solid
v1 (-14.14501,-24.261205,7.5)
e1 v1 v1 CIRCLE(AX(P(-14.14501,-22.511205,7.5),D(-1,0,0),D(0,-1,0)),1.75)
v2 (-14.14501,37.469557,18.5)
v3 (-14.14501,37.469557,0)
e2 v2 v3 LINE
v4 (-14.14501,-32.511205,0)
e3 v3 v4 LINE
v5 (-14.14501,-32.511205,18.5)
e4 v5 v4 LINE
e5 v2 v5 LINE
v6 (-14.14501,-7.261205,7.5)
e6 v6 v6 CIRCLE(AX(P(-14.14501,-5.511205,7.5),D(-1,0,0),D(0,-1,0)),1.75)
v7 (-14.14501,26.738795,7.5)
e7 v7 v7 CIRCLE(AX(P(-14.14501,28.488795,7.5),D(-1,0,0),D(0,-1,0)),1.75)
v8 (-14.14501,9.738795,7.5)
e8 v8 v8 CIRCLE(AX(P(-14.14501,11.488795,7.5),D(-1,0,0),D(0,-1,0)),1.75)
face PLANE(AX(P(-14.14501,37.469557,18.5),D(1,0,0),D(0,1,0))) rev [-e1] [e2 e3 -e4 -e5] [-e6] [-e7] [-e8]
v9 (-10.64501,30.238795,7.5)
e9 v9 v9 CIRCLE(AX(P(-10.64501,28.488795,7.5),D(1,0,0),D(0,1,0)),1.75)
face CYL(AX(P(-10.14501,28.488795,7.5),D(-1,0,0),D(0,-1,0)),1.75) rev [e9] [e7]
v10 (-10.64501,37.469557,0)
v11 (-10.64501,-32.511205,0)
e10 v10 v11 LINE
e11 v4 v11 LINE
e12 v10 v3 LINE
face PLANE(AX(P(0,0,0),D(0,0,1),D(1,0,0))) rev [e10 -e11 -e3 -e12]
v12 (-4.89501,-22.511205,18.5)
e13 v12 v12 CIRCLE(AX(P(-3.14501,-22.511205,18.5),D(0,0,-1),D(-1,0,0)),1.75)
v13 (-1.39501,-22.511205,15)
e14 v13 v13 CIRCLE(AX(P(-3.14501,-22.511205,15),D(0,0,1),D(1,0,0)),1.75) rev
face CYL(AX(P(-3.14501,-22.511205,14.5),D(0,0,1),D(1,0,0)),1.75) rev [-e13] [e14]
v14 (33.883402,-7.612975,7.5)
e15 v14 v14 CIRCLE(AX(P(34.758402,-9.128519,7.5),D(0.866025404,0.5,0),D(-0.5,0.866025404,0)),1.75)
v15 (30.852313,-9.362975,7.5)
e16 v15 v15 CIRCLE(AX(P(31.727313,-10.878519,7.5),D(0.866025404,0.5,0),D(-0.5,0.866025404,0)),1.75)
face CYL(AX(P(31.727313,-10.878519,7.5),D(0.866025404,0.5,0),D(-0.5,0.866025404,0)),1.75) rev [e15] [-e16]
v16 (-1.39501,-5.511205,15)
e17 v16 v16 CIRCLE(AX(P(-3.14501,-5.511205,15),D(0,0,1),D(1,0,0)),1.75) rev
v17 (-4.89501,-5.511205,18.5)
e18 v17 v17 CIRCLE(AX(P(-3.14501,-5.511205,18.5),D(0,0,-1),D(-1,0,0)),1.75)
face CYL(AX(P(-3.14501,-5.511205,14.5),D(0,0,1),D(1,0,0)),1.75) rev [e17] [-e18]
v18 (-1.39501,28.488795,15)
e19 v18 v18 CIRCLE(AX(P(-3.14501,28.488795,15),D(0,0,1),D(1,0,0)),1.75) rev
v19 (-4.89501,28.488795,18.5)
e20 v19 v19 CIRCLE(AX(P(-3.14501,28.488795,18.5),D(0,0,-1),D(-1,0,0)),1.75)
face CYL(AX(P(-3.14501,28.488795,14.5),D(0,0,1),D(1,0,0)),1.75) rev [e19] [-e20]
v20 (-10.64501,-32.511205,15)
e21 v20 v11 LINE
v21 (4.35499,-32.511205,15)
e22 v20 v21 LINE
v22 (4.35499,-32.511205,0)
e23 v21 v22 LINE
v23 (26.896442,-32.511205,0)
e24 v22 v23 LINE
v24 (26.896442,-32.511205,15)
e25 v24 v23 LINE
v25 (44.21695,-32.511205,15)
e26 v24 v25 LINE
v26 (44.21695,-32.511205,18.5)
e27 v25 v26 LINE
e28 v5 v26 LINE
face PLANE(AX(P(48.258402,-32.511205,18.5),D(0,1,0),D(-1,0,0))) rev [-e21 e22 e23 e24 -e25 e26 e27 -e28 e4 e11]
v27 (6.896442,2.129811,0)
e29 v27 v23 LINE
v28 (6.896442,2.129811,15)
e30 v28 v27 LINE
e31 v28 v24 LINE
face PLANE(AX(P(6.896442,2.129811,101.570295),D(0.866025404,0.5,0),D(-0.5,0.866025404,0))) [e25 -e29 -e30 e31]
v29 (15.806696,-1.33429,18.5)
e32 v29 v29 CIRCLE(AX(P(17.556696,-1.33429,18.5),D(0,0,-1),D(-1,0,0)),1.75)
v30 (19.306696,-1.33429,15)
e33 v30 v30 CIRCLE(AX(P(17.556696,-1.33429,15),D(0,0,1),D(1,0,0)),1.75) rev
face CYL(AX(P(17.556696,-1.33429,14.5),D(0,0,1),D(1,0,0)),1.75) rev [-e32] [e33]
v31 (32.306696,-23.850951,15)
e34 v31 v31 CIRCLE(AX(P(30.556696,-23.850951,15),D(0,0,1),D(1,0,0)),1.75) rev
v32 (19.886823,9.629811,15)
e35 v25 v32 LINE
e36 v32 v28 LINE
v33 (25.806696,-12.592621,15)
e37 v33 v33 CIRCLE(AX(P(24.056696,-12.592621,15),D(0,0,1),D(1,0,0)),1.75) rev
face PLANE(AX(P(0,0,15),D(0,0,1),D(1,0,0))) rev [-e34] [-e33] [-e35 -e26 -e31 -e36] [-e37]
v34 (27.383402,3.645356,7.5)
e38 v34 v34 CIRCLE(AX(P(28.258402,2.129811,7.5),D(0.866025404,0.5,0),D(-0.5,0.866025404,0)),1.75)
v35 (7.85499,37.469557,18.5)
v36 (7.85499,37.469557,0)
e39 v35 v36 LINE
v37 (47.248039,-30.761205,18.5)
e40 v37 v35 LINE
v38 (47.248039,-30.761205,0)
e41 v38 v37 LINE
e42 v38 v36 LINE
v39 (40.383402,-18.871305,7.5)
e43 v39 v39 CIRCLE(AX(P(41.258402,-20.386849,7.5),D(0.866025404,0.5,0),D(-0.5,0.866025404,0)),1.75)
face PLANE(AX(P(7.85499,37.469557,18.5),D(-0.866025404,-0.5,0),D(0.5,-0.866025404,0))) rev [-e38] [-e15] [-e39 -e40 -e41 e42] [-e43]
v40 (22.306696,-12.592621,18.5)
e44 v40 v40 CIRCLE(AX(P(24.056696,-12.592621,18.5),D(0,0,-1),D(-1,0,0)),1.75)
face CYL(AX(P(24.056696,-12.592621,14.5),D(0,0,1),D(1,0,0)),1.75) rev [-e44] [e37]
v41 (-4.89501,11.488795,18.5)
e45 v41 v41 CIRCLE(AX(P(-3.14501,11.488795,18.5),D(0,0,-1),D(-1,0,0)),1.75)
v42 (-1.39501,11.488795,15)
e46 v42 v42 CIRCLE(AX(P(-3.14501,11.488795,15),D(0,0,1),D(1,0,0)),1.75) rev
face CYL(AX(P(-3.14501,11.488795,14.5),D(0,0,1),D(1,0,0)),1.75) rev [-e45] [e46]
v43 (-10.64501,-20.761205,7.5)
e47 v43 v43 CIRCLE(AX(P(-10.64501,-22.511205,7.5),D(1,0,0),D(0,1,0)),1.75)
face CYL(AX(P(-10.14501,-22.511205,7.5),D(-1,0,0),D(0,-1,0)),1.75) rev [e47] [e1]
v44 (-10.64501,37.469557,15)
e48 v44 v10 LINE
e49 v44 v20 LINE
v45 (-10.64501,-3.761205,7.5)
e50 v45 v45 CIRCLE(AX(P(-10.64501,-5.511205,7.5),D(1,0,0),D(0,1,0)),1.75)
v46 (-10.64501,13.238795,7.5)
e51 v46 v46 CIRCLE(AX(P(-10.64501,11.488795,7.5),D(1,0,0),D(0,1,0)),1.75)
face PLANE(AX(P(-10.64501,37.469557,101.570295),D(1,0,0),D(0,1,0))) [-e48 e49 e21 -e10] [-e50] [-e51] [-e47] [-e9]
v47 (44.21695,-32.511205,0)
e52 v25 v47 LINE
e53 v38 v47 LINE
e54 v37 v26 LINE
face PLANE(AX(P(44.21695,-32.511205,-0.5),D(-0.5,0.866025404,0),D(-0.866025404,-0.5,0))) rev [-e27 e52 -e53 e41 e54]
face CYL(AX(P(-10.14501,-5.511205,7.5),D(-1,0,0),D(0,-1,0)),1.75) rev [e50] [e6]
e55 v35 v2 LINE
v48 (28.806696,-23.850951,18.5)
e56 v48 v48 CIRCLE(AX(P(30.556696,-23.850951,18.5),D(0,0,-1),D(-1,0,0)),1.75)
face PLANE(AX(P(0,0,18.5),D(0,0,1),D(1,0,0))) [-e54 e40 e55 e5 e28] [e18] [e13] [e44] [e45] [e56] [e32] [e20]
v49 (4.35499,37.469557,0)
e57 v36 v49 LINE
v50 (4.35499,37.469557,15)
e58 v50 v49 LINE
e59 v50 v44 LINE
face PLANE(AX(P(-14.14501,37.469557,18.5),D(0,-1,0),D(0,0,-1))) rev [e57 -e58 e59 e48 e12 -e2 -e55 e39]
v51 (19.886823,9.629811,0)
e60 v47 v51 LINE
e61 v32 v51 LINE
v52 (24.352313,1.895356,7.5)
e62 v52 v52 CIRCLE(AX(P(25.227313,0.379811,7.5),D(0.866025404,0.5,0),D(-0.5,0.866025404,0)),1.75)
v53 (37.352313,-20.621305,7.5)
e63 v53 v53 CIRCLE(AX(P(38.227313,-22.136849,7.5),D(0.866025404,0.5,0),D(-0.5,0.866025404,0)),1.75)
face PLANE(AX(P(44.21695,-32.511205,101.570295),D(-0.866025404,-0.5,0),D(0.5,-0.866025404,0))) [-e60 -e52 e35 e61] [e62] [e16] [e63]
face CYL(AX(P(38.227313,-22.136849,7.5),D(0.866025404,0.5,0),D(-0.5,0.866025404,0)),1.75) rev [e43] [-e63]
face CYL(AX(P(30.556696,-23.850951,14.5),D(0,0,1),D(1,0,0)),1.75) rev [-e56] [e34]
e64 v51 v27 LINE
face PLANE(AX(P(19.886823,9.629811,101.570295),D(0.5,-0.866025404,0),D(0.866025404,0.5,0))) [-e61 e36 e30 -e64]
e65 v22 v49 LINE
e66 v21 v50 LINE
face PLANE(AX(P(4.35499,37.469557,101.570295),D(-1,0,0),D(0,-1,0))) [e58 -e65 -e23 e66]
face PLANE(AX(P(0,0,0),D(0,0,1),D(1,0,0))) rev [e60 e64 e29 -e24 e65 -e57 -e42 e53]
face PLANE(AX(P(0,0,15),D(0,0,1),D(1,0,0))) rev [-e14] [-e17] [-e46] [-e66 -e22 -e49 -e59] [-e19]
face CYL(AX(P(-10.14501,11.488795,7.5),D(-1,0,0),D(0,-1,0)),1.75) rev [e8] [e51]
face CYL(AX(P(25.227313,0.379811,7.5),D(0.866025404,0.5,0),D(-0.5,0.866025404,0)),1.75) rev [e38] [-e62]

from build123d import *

# Parameters (mm, degrees)
BOSS_EXTRUDE1_DEPTH = 18.5
SKETCH2_W           = 15
SKETCH2_H           = 69.980762113
CUT_EXTRUDE1_DEPTH  = 15
SKETCH3_R           = 1.75
CUT_EXTRUDE2_DEPTH  = 3.5
SKETCH4_R           = 1.75
CUT_EXTRUDE3_DEPTH  = 4
SKETCH5_R           = 1.75
CUT_EXTRUDE4_DEPTH  = 4
CUT_EXTRUDE5_DEPTH  = 19


with BuildPart() as part:
    # Sketch1 → Boss-Extrude1 (new body)
    with BuildSketch(Plane.XY):
        Polygon((7.85498998, 37.469557102), (48.258401824, -32.511205011), (7.85498998, -32.511205011), (-14.14501002, -32.511205011), (-14.14501002, 37.469557102), align=None)
    extrude(amount=BOSS_EXTRUDE1_DEPTH)

    # Sketch2 → Cut-Extrude1 (cut)
    with BuildSketch(Plane.XY):
        with Locations((-3.14501002, 2.479176046)):
            Rectangle(SKETCH2_W, SKETCH2_H)
        Polygon((44.21694994, -32.511205011), (19.886822921, 9.62981114), (6.896441864, 2.12981114), (26.896441864, -32.511205011), align=None)
    extrude(amount=CUT_EXTRUDE1_DEPTH, mode=Mode.SUBTRACT)

    # Sketch3 → Cut-Extrude2 (cut)
    with BuildSketch(Plane(origin=(22.116036645, 12.76869971, 0), x_dir=(0, 0, -1), z_dir=(0.8660254037844378, 0.5000000000000016, 0))):
        with Locations(Location((-7.5, -38.284730359, 0), (0, 0, 90))):
            Circle(SKETCH3_R)
        with Locations(Location((-7.5, -25.284730359, 0), (0, 0, 90))):
            Circle(SKETCH3_R)
        with Locations(Location((-7.5, -12.284730359, 0), (0, 0, 90))):
            Circle(SKETCH3_R)
    extrude(amount=-CUT_EXTRUDE2_DEPTH, mode=Mode.SUBTRACT)

    # Sketch4 → Cut-Extrude3 (cut)
    with BuildSketch(Plane(origin=(0, 0, 18.5), x_dir=(-1, 0, 0), z_dir=(0, 0, -1))):
        with Locations(Location((-30.556695902, -23.850950973, 0), (0, 0, 180))):
            Circle(SKETCH4_R)
        with Locations(Location((-24.056695902, -12.592620724, 0), (0, 0, 180))):
            Circle(SKETCH4_R)
        with Locations(Location((-17.556695902, -1.334290475, 0), (0, 0, 180))):
            Circle(SKETCH4_R)
        with Locations(Location((3.14501002, -5.511205011, 0), (0, 0, 180))):
            Circle(SKETCH4_R)
        with Locations(Location((3.14501002, 11.488794989, 0), (0, 0, 180))):
            Circle(SKETCH4_R)
        with Locations(Location((3.14501002, 28.488794989, 0), (0, 0, 180))):
            Circle(SKETCH4_R)
        with Locations(Location((3.14501002, -22.511205011, 0), (0, 0, 180))):
            Circle(SKETCH4_R)
    extrude(amount=CUT_EXTRUDE3_DEPTH, mode=Mode.SUBTRACT)

    # Sketch5 → Cut-Extrude4 (cut)
    with BuildSketch(Plane.ZY.offset(14.14501002)):
        with Locations(Location((7.5, -22.511205011, 0), (0, 0, 270))):
            Circle(SKETCH5_R)
        with Locations(Location((7.5, -5.511205011, 0), (0, 0, 270))):
            Circle(SKETCH5_R)
        with Locations(Location((7.5, 11.488794989, 0), (0, 0, 270))):
            Circle(SKETCH5_R)
        with Locations(Location((7.5, 28.488794989, 0), (0, 0, 270))):
            Circle(SKETCH5_R)
    extrude(amount=-CUT_EXTRUDE4_DEPTH, mode=Mode.SUBTRACT)

    # Sketch6 → Cut-Extrude5 (cut)
    with BuildSketch(Plane.XY.offset(18.5)):
        Polygon((44.21694994, -32.511205011), (47.248038853, -30.761205011), (48.258401824, -32.511205011), align=None)
    extrude(amount=-CUT_EXTRUDE5_DEPTH, mode=Mode.SUBTRACT)


solid = part.part
